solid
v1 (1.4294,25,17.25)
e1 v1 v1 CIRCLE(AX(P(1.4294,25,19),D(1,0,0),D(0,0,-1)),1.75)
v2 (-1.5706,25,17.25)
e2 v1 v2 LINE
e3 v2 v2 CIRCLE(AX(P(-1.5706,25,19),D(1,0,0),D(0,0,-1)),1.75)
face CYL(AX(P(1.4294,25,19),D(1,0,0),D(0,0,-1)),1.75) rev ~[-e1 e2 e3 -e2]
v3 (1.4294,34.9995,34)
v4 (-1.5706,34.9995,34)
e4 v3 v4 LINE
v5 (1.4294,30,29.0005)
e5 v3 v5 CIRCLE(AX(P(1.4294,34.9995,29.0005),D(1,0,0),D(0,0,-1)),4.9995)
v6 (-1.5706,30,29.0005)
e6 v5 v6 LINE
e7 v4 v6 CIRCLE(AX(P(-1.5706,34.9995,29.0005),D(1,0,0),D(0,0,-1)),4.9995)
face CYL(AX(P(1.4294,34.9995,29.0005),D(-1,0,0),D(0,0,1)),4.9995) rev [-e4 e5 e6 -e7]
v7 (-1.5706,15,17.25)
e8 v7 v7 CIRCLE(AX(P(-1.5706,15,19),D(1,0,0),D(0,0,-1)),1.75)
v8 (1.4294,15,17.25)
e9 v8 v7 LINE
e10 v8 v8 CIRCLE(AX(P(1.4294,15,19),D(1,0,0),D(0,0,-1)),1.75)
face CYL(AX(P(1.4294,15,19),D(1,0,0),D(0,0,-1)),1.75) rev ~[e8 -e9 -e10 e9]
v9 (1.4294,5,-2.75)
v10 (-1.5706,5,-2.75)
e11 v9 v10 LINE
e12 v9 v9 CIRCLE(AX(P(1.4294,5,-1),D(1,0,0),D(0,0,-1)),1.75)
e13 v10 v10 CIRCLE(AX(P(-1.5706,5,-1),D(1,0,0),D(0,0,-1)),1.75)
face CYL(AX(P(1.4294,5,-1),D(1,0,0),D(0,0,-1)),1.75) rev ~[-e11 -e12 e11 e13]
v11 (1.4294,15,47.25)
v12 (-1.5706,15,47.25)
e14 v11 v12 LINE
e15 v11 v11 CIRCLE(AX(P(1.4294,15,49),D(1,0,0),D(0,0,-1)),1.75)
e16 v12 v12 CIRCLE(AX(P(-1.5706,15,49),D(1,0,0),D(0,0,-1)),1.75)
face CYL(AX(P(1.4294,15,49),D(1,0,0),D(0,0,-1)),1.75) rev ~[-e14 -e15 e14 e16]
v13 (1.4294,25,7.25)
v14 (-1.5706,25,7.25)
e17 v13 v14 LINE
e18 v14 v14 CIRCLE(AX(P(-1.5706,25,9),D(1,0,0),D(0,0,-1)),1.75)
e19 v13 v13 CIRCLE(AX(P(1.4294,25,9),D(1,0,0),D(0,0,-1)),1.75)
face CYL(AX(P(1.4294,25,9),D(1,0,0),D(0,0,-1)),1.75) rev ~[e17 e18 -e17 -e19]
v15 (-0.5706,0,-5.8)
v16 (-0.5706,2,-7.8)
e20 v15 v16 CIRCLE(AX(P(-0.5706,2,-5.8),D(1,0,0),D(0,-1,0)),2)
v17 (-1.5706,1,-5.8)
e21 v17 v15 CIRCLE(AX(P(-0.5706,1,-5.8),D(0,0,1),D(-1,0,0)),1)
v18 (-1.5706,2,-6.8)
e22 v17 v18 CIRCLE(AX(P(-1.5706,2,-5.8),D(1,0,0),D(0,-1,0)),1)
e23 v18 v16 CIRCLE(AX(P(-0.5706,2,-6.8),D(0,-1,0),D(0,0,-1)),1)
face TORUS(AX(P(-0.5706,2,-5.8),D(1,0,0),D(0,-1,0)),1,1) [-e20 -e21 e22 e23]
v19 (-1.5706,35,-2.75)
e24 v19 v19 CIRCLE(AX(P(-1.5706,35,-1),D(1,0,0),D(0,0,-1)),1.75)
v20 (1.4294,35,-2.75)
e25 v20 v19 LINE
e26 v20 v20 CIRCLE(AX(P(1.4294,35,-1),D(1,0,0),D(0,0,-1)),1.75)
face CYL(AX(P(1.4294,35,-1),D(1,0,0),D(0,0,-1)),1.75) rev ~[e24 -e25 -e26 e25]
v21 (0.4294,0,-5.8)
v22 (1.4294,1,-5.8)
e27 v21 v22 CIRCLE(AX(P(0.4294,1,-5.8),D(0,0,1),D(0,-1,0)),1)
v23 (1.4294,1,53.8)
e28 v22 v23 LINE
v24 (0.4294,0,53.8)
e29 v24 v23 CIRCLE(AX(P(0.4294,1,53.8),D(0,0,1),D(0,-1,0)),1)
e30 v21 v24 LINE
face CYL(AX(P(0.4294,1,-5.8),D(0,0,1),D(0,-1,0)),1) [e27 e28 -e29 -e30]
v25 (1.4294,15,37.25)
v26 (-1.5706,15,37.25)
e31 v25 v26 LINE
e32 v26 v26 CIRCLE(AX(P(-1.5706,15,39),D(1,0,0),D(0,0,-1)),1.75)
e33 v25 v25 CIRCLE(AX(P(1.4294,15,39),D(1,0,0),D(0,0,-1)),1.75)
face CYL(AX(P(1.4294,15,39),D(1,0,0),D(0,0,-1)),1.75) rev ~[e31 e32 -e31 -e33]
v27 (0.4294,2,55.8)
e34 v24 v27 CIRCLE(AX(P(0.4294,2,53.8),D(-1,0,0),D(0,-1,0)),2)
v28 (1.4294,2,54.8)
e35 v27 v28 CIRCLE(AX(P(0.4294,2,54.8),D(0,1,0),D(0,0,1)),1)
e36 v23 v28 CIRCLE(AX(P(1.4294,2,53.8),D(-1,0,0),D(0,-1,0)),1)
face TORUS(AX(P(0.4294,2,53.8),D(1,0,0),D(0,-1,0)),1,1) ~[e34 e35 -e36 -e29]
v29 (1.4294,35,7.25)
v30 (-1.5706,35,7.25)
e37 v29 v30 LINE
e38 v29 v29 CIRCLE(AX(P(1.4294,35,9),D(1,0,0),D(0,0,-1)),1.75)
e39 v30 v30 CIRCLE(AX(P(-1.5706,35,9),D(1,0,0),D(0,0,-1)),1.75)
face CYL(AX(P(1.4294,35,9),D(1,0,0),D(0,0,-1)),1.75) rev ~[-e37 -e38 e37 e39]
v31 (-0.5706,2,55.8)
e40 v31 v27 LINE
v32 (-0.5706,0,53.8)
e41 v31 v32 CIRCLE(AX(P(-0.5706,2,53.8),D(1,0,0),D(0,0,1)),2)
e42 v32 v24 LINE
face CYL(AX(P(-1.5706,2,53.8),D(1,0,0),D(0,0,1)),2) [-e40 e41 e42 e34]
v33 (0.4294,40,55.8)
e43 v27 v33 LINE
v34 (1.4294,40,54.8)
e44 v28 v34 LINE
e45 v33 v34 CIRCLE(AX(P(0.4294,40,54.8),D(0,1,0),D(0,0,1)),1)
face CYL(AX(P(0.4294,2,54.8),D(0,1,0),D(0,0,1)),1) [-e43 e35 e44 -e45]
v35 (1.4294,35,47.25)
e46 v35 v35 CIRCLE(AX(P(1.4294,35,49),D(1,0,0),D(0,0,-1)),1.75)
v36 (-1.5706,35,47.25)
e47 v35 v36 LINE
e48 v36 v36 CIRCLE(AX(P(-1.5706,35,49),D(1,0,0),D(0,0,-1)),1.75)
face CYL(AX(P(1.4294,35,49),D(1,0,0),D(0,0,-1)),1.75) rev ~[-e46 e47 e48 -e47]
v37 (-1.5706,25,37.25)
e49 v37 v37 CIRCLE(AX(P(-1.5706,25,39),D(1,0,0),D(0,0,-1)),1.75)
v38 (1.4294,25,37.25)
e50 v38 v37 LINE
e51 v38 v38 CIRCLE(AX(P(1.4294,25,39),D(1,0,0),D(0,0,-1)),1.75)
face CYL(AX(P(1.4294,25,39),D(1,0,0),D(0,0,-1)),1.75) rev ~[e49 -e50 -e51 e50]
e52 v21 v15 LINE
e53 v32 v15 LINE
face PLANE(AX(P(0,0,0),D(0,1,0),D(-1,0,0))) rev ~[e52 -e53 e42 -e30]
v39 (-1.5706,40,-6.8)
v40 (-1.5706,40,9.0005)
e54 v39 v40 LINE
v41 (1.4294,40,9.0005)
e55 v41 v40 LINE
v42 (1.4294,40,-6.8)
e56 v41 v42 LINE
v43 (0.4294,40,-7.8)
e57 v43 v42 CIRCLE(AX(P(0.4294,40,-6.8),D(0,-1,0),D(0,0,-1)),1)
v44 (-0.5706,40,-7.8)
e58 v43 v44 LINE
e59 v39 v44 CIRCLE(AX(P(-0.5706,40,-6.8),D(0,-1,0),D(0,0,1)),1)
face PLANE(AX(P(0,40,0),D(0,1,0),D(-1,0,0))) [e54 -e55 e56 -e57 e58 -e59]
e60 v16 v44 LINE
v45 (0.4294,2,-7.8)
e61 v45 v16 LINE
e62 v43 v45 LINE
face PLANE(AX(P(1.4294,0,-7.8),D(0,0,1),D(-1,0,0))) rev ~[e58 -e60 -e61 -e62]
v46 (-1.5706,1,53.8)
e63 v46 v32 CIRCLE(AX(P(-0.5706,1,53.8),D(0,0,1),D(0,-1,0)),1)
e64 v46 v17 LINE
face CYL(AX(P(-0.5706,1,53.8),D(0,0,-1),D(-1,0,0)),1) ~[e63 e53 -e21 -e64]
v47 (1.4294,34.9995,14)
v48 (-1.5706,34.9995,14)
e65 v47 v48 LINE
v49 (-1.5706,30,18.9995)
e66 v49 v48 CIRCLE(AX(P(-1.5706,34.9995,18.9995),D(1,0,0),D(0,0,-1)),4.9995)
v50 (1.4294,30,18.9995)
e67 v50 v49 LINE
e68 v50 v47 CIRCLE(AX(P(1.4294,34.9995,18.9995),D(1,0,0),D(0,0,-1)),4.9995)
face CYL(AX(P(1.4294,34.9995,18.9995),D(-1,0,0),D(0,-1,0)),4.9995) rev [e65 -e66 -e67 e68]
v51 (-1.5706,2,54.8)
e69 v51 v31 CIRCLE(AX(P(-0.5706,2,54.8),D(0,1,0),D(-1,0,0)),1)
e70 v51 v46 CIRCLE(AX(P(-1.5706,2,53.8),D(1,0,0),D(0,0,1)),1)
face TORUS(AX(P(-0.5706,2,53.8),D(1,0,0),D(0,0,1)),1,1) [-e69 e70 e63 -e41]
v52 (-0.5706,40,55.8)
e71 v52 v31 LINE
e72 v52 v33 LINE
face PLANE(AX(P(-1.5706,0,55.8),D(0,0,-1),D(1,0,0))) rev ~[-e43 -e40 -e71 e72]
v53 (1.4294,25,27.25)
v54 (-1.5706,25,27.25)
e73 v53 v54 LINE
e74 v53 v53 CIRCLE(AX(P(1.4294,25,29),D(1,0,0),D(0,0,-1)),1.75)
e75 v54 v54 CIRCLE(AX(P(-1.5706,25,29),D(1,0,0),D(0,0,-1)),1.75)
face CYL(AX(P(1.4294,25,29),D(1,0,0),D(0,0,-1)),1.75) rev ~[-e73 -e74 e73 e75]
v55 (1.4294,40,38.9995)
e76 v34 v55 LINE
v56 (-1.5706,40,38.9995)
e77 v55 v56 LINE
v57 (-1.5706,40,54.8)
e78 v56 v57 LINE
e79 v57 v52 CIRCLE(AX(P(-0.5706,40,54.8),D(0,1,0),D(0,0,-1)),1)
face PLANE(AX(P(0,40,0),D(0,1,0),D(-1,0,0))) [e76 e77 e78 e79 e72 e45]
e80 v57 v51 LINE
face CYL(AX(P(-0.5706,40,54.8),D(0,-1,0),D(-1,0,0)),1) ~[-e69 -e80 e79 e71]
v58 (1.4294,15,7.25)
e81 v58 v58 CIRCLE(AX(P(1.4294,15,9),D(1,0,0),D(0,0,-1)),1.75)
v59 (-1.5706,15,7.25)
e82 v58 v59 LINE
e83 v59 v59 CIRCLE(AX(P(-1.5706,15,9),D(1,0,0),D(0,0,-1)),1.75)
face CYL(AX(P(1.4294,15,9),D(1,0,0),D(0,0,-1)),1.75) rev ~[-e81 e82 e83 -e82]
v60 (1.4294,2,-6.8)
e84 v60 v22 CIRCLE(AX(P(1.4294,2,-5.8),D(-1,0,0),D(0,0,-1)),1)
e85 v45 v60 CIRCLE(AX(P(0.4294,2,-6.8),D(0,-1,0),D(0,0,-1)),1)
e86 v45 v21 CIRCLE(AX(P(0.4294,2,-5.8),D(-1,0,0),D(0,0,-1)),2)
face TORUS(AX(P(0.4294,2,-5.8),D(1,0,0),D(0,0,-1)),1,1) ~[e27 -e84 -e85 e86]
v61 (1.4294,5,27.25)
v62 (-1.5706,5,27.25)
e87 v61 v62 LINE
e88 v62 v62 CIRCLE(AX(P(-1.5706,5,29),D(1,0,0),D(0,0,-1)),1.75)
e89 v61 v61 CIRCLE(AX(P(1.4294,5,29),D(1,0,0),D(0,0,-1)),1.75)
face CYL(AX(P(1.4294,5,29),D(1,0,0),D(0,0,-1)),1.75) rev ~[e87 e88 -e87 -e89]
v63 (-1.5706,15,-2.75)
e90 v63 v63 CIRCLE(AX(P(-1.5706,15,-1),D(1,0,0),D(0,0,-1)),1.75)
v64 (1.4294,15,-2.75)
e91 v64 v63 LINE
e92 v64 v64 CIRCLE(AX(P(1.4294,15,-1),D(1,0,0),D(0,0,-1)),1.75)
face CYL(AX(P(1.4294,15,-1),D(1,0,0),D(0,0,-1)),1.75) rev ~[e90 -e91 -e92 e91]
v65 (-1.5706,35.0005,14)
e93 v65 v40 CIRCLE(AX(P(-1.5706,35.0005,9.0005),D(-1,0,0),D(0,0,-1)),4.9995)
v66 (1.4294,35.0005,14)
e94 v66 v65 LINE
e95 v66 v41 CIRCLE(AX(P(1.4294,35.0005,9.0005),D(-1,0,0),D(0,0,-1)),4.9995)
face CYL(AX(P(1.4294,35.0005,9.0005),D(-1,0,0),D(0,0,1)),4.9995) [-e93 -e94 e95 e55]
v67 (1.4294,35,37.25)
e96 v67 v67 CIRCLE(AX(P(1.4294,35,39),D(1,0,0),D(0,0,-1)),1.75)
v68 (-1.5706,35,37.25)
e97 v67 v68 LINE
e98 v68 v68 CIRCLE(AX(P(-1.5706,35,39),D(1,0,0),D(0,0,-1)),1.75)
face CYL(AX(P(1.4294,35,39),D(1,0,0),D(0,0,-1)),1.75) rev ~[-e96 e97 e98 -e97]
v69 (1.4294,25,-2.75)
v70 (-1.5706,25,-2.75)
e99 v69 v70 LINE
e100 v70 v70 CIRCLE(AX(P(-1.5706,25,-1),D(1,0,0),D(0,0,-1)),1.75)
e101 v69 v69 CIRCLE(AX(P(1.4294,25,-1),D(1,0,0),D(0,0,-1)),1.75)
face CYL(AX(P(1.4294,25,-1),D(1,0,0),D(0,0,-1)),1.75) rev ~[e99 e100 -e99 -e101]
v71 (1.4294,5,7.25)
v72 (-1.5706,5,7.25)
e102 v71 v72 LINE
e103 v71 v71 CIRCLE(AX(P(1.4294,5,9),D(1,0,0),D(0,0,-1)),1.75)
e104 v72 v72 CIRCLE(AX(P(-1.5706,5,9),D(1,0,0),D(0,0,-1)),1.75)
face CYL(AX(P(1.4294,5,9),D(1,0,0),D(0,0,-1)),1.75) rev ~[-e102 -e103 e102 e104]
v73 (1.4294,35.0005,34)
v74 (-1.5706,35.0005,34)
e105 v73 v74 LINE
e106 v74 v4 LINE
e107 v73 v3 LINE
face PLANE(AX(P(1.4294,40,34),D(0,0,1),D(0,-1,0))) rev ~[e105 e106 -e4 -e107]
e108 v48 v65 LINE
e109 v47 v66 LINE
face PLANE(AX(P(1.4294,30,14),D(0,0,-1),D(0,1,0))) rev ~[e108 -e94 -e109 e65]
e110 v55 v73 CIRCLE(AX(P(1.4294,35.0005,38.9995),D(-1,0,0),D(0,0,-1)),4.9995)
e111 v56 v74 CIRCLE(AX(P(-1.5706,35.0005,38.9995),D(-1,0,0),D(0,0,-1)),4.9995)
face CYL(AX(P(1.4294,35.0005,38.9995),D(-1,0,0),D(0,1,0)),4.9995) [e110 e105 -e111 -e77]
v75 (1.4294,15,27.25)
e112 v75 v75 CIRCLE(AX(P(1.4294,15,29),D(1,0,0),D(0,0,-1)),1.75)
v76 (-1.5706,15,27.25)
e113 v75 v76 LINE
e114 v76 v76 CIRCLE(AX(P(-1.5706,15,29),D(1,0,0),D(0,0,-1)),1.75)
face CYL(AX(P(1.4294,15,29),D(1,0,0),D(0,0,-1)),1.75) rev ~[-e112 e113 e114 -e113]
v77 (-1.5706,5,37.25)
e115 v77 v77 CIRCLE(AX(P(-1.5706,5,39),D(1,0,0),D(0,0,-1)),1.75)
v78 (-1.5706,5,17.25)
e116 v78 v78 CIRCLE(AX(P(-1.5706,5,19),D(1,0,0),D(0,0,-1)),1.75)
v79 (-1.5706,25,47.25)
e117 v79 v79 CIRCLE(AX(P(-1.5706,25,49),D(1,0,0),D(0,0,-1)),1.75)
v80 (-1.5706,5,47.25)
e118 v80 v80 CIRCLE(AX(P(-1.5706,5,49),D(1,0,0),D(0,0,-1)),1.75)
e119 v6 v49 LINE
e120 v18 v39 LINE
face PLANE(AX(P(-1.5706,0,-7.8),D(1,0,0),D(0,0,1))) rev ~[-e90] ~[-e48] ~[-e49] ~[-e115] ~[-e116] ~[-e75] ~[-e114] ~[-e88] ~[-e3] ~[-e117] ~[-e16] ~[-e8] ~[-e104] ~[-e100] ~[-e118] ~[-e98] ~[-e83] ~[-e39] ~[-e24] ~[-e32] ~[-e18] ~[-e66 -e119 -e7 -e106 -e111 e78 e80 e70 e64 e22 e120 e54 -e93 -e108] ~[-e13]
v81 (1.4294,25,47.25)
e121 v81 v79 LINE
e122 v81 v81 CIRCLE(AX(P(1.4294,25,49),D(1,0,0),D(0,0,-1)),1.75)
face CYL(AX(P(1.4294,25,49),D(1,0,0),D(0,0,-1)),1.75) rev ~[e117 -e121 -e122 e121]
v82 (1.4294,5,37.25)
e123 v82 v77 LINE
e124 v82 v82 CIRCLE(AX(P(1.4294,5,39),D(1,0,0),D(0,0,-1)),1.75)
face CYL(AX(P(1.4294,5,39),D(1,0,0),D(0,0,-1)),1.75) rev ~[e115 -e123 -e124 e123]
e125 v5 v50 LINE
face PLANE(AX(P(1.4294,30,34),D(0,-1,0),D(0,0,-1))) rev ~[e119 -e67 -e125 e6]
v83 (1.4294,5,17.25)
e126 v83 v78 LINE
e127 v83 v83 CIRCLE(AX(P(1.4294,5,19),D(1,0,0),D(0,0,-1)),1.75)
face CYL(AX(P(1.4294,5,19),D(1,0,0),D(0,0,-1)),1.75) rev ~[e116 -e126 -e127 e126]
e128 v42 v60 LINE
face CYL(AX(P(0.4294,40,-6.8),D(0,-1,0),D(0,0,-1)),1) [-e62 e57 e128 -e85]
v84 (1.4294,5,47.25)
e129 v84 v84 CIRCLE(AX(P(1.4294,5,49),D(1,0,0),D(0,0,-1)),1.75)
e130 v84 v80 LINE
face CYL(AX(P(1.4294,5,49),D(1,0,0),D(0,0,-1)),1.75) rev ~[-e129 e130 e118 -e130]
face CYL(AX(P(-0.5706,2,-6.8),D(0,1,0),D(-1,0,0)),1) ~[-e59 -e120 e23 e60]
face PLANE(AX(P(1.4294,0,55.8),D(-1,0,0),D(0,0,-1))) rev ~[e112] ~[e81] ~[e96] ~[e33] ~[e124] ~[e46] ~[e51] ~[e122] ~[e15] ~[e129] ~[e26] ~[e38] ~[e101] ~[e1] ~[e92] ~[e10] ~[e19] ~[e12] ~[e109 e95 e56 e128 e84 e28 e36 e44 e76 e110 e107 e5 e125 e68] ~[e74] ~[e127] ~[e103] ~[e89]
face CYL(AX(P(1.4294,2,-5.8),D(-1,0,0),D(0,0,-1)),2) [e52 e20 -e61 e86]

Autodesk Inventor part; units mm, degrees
ref_plane "YZ Plane" through (0, 0, 0) normal (1, 0, 0) x (0, 1, 0)
ref_plane "XZ Plane" through (0, 0, 0) normal (0, 1, 0) x (-1, 0, 0)
ref_plane "XY Plane" through (0, 0, 0) normal (0, 0, 1) x (1, 0, 0)
sketch "Esquisse1" plane through (0, 0, 0) normal (0, 1, 0) x (-1, 0, 0)
  line L0 (1.5706, 55.8) -> (-1.4294, 55.8)
  line L1 (-1.4294, 55.8) -> (-1.4294, -7.8)
  line L2 (-1.4294, -7.8) -> (1.5706, -7.8)
  line L3 (1.5706, -7.8) -> (1.5706, 55.8)
  point P0 (0, 0)
  dimension "d0" = 3
  dimension "d1" = 63.6
extrude "Extrusion1" add sketch "Esquisse1" along normal blind 40
fillet "Congé1" radius 2 2 edges at (-0.0706, 0, 55.8) (-0.0706, 0, -7.8)
fillet "Congé2" radius 1 10 edges at (1.4294, 0.5858, -7.2142) (1.4294, 21, -7.8) (1.4294, 0.5858, 55.2142) (1.4294, 21, 55.8) (1.4294, 0, 24) (-1.5706, 0.5858, 55.2142) (-1.5706, 21, 55.8) (-1.5706, 0.5858, -7.2142) (-1.5706, 21, -7.8) (-1.5706, 0, 24)
sketch "Esquisse2" plane through (1.4294, 2, -6.8) normal (1, 0, 0) x (0, 0, -1)
  line L0 (-62.6, 38) -> (1, 38)
  line L1 (1, 38) -> (1, -2)
  line L2 (1, -2) -> (-62.6, -2)
  line L3 (-62.6, -2) -> (-62.6, 38)
  line L4 (-30.8, 38) -> (-30.8, -2)
  line L5 (-62.6, 18) -> (1, 18)
  circle A0 centre (-35.8, 23) radius 1.75
  circle A1 centre (-45.8, 23) radius 1.75
  circle A2 centre (-55.8, 23) radius 1.75
  circle A3 centre (-55.8, 33) radius 1.75
  circle A4 centre (-45.8, 33) radius 1.75
  circle A5 centre (-35.8, 13) radius 1.75
  circle A6 centre (-45.8, 13) radius 1.75
  circle A7 centre (-55.8, 13) radius 1.75
  circle A8 centre (-55.8, 3) radius 1.75
  circle A9 centre (-45.8, 3) radius 1.75
  circle A10 centre (-35.8, 3) radius 1.75
  circle A11 centre (-25.8, 23) radius 1.75
  circle A12 centre (-15.8, 23) radius 1.75
  circle A13 centre (-5.8, 23) radius 1.75
  circle A14 centre (-5.8, 33) radius 1.75
  circle A15 centre (-15.8, 33) radius 1.75
  circle A16 centre (-25.8, 13) radius 1.75
  circle A17 centre (-25.8, 3) radius 1.75
  circle A18 centre (-15.8, 13) radius 1.75
  circle A19 centre (-15.8, 3) radius 1.75
  circle A20 centre (-5.8, 3) radius 1.75
  circle A21 centre (-5.8, 13) radius 1.75
  line L6 (-40.8, 38) -> (-40.8, 28)
  line L7 (-40.8, 28) -> (-20.8, 28)
  line L8 (-20.8, 28) -> (-20.8, 38)
  line L9 (-20.8, 38) -> (-40.8, 38)
  point P0 (-6.8, -2)
  point P1 (-20.8, 38)
  point P2 (-40.8, 38)
  dimension "d6" = 3.5
  dimension "d7" = 3.5
  dimension "d8" = 3.5
  dimension "d10" = 5
  dimension "d11" = 10
  dimension "d12" = 10
  dimension "d14" = 3.5
  dimension "d15" = 10
  dimension "d16" = 3.5
  dimension "d17" = 10
  dimension "d21" = 5
  dimension "d24" = 10
  dimension "d26" = 20
  dimension "d27" = 10
  dimension "d31" = 40
  dimension "d32" = 63.6
  dimension "d33" = 10
extrude "Extrusion2" cut sketch "Esquisse2" against normal blind 40 contours L0 L4 L7 L6 | L0 L8 L7 L4 | A0 | A1 | A2 | A3 | A4 | A5 | A6 | A7 | A8 | A9 | A10 | A11 | A12 | A13 | A14 | A15 | A16 | A17 | A18 | A19 | A20 | A21
fillet "Congé3" radius 5 4 edges at (-0.0706, 30, 14) (-0.0706, 30, 34) (-0.0706, 40, 14) (-0.0706, 40, 34)
properties part number "plaque_Impression 3D"
